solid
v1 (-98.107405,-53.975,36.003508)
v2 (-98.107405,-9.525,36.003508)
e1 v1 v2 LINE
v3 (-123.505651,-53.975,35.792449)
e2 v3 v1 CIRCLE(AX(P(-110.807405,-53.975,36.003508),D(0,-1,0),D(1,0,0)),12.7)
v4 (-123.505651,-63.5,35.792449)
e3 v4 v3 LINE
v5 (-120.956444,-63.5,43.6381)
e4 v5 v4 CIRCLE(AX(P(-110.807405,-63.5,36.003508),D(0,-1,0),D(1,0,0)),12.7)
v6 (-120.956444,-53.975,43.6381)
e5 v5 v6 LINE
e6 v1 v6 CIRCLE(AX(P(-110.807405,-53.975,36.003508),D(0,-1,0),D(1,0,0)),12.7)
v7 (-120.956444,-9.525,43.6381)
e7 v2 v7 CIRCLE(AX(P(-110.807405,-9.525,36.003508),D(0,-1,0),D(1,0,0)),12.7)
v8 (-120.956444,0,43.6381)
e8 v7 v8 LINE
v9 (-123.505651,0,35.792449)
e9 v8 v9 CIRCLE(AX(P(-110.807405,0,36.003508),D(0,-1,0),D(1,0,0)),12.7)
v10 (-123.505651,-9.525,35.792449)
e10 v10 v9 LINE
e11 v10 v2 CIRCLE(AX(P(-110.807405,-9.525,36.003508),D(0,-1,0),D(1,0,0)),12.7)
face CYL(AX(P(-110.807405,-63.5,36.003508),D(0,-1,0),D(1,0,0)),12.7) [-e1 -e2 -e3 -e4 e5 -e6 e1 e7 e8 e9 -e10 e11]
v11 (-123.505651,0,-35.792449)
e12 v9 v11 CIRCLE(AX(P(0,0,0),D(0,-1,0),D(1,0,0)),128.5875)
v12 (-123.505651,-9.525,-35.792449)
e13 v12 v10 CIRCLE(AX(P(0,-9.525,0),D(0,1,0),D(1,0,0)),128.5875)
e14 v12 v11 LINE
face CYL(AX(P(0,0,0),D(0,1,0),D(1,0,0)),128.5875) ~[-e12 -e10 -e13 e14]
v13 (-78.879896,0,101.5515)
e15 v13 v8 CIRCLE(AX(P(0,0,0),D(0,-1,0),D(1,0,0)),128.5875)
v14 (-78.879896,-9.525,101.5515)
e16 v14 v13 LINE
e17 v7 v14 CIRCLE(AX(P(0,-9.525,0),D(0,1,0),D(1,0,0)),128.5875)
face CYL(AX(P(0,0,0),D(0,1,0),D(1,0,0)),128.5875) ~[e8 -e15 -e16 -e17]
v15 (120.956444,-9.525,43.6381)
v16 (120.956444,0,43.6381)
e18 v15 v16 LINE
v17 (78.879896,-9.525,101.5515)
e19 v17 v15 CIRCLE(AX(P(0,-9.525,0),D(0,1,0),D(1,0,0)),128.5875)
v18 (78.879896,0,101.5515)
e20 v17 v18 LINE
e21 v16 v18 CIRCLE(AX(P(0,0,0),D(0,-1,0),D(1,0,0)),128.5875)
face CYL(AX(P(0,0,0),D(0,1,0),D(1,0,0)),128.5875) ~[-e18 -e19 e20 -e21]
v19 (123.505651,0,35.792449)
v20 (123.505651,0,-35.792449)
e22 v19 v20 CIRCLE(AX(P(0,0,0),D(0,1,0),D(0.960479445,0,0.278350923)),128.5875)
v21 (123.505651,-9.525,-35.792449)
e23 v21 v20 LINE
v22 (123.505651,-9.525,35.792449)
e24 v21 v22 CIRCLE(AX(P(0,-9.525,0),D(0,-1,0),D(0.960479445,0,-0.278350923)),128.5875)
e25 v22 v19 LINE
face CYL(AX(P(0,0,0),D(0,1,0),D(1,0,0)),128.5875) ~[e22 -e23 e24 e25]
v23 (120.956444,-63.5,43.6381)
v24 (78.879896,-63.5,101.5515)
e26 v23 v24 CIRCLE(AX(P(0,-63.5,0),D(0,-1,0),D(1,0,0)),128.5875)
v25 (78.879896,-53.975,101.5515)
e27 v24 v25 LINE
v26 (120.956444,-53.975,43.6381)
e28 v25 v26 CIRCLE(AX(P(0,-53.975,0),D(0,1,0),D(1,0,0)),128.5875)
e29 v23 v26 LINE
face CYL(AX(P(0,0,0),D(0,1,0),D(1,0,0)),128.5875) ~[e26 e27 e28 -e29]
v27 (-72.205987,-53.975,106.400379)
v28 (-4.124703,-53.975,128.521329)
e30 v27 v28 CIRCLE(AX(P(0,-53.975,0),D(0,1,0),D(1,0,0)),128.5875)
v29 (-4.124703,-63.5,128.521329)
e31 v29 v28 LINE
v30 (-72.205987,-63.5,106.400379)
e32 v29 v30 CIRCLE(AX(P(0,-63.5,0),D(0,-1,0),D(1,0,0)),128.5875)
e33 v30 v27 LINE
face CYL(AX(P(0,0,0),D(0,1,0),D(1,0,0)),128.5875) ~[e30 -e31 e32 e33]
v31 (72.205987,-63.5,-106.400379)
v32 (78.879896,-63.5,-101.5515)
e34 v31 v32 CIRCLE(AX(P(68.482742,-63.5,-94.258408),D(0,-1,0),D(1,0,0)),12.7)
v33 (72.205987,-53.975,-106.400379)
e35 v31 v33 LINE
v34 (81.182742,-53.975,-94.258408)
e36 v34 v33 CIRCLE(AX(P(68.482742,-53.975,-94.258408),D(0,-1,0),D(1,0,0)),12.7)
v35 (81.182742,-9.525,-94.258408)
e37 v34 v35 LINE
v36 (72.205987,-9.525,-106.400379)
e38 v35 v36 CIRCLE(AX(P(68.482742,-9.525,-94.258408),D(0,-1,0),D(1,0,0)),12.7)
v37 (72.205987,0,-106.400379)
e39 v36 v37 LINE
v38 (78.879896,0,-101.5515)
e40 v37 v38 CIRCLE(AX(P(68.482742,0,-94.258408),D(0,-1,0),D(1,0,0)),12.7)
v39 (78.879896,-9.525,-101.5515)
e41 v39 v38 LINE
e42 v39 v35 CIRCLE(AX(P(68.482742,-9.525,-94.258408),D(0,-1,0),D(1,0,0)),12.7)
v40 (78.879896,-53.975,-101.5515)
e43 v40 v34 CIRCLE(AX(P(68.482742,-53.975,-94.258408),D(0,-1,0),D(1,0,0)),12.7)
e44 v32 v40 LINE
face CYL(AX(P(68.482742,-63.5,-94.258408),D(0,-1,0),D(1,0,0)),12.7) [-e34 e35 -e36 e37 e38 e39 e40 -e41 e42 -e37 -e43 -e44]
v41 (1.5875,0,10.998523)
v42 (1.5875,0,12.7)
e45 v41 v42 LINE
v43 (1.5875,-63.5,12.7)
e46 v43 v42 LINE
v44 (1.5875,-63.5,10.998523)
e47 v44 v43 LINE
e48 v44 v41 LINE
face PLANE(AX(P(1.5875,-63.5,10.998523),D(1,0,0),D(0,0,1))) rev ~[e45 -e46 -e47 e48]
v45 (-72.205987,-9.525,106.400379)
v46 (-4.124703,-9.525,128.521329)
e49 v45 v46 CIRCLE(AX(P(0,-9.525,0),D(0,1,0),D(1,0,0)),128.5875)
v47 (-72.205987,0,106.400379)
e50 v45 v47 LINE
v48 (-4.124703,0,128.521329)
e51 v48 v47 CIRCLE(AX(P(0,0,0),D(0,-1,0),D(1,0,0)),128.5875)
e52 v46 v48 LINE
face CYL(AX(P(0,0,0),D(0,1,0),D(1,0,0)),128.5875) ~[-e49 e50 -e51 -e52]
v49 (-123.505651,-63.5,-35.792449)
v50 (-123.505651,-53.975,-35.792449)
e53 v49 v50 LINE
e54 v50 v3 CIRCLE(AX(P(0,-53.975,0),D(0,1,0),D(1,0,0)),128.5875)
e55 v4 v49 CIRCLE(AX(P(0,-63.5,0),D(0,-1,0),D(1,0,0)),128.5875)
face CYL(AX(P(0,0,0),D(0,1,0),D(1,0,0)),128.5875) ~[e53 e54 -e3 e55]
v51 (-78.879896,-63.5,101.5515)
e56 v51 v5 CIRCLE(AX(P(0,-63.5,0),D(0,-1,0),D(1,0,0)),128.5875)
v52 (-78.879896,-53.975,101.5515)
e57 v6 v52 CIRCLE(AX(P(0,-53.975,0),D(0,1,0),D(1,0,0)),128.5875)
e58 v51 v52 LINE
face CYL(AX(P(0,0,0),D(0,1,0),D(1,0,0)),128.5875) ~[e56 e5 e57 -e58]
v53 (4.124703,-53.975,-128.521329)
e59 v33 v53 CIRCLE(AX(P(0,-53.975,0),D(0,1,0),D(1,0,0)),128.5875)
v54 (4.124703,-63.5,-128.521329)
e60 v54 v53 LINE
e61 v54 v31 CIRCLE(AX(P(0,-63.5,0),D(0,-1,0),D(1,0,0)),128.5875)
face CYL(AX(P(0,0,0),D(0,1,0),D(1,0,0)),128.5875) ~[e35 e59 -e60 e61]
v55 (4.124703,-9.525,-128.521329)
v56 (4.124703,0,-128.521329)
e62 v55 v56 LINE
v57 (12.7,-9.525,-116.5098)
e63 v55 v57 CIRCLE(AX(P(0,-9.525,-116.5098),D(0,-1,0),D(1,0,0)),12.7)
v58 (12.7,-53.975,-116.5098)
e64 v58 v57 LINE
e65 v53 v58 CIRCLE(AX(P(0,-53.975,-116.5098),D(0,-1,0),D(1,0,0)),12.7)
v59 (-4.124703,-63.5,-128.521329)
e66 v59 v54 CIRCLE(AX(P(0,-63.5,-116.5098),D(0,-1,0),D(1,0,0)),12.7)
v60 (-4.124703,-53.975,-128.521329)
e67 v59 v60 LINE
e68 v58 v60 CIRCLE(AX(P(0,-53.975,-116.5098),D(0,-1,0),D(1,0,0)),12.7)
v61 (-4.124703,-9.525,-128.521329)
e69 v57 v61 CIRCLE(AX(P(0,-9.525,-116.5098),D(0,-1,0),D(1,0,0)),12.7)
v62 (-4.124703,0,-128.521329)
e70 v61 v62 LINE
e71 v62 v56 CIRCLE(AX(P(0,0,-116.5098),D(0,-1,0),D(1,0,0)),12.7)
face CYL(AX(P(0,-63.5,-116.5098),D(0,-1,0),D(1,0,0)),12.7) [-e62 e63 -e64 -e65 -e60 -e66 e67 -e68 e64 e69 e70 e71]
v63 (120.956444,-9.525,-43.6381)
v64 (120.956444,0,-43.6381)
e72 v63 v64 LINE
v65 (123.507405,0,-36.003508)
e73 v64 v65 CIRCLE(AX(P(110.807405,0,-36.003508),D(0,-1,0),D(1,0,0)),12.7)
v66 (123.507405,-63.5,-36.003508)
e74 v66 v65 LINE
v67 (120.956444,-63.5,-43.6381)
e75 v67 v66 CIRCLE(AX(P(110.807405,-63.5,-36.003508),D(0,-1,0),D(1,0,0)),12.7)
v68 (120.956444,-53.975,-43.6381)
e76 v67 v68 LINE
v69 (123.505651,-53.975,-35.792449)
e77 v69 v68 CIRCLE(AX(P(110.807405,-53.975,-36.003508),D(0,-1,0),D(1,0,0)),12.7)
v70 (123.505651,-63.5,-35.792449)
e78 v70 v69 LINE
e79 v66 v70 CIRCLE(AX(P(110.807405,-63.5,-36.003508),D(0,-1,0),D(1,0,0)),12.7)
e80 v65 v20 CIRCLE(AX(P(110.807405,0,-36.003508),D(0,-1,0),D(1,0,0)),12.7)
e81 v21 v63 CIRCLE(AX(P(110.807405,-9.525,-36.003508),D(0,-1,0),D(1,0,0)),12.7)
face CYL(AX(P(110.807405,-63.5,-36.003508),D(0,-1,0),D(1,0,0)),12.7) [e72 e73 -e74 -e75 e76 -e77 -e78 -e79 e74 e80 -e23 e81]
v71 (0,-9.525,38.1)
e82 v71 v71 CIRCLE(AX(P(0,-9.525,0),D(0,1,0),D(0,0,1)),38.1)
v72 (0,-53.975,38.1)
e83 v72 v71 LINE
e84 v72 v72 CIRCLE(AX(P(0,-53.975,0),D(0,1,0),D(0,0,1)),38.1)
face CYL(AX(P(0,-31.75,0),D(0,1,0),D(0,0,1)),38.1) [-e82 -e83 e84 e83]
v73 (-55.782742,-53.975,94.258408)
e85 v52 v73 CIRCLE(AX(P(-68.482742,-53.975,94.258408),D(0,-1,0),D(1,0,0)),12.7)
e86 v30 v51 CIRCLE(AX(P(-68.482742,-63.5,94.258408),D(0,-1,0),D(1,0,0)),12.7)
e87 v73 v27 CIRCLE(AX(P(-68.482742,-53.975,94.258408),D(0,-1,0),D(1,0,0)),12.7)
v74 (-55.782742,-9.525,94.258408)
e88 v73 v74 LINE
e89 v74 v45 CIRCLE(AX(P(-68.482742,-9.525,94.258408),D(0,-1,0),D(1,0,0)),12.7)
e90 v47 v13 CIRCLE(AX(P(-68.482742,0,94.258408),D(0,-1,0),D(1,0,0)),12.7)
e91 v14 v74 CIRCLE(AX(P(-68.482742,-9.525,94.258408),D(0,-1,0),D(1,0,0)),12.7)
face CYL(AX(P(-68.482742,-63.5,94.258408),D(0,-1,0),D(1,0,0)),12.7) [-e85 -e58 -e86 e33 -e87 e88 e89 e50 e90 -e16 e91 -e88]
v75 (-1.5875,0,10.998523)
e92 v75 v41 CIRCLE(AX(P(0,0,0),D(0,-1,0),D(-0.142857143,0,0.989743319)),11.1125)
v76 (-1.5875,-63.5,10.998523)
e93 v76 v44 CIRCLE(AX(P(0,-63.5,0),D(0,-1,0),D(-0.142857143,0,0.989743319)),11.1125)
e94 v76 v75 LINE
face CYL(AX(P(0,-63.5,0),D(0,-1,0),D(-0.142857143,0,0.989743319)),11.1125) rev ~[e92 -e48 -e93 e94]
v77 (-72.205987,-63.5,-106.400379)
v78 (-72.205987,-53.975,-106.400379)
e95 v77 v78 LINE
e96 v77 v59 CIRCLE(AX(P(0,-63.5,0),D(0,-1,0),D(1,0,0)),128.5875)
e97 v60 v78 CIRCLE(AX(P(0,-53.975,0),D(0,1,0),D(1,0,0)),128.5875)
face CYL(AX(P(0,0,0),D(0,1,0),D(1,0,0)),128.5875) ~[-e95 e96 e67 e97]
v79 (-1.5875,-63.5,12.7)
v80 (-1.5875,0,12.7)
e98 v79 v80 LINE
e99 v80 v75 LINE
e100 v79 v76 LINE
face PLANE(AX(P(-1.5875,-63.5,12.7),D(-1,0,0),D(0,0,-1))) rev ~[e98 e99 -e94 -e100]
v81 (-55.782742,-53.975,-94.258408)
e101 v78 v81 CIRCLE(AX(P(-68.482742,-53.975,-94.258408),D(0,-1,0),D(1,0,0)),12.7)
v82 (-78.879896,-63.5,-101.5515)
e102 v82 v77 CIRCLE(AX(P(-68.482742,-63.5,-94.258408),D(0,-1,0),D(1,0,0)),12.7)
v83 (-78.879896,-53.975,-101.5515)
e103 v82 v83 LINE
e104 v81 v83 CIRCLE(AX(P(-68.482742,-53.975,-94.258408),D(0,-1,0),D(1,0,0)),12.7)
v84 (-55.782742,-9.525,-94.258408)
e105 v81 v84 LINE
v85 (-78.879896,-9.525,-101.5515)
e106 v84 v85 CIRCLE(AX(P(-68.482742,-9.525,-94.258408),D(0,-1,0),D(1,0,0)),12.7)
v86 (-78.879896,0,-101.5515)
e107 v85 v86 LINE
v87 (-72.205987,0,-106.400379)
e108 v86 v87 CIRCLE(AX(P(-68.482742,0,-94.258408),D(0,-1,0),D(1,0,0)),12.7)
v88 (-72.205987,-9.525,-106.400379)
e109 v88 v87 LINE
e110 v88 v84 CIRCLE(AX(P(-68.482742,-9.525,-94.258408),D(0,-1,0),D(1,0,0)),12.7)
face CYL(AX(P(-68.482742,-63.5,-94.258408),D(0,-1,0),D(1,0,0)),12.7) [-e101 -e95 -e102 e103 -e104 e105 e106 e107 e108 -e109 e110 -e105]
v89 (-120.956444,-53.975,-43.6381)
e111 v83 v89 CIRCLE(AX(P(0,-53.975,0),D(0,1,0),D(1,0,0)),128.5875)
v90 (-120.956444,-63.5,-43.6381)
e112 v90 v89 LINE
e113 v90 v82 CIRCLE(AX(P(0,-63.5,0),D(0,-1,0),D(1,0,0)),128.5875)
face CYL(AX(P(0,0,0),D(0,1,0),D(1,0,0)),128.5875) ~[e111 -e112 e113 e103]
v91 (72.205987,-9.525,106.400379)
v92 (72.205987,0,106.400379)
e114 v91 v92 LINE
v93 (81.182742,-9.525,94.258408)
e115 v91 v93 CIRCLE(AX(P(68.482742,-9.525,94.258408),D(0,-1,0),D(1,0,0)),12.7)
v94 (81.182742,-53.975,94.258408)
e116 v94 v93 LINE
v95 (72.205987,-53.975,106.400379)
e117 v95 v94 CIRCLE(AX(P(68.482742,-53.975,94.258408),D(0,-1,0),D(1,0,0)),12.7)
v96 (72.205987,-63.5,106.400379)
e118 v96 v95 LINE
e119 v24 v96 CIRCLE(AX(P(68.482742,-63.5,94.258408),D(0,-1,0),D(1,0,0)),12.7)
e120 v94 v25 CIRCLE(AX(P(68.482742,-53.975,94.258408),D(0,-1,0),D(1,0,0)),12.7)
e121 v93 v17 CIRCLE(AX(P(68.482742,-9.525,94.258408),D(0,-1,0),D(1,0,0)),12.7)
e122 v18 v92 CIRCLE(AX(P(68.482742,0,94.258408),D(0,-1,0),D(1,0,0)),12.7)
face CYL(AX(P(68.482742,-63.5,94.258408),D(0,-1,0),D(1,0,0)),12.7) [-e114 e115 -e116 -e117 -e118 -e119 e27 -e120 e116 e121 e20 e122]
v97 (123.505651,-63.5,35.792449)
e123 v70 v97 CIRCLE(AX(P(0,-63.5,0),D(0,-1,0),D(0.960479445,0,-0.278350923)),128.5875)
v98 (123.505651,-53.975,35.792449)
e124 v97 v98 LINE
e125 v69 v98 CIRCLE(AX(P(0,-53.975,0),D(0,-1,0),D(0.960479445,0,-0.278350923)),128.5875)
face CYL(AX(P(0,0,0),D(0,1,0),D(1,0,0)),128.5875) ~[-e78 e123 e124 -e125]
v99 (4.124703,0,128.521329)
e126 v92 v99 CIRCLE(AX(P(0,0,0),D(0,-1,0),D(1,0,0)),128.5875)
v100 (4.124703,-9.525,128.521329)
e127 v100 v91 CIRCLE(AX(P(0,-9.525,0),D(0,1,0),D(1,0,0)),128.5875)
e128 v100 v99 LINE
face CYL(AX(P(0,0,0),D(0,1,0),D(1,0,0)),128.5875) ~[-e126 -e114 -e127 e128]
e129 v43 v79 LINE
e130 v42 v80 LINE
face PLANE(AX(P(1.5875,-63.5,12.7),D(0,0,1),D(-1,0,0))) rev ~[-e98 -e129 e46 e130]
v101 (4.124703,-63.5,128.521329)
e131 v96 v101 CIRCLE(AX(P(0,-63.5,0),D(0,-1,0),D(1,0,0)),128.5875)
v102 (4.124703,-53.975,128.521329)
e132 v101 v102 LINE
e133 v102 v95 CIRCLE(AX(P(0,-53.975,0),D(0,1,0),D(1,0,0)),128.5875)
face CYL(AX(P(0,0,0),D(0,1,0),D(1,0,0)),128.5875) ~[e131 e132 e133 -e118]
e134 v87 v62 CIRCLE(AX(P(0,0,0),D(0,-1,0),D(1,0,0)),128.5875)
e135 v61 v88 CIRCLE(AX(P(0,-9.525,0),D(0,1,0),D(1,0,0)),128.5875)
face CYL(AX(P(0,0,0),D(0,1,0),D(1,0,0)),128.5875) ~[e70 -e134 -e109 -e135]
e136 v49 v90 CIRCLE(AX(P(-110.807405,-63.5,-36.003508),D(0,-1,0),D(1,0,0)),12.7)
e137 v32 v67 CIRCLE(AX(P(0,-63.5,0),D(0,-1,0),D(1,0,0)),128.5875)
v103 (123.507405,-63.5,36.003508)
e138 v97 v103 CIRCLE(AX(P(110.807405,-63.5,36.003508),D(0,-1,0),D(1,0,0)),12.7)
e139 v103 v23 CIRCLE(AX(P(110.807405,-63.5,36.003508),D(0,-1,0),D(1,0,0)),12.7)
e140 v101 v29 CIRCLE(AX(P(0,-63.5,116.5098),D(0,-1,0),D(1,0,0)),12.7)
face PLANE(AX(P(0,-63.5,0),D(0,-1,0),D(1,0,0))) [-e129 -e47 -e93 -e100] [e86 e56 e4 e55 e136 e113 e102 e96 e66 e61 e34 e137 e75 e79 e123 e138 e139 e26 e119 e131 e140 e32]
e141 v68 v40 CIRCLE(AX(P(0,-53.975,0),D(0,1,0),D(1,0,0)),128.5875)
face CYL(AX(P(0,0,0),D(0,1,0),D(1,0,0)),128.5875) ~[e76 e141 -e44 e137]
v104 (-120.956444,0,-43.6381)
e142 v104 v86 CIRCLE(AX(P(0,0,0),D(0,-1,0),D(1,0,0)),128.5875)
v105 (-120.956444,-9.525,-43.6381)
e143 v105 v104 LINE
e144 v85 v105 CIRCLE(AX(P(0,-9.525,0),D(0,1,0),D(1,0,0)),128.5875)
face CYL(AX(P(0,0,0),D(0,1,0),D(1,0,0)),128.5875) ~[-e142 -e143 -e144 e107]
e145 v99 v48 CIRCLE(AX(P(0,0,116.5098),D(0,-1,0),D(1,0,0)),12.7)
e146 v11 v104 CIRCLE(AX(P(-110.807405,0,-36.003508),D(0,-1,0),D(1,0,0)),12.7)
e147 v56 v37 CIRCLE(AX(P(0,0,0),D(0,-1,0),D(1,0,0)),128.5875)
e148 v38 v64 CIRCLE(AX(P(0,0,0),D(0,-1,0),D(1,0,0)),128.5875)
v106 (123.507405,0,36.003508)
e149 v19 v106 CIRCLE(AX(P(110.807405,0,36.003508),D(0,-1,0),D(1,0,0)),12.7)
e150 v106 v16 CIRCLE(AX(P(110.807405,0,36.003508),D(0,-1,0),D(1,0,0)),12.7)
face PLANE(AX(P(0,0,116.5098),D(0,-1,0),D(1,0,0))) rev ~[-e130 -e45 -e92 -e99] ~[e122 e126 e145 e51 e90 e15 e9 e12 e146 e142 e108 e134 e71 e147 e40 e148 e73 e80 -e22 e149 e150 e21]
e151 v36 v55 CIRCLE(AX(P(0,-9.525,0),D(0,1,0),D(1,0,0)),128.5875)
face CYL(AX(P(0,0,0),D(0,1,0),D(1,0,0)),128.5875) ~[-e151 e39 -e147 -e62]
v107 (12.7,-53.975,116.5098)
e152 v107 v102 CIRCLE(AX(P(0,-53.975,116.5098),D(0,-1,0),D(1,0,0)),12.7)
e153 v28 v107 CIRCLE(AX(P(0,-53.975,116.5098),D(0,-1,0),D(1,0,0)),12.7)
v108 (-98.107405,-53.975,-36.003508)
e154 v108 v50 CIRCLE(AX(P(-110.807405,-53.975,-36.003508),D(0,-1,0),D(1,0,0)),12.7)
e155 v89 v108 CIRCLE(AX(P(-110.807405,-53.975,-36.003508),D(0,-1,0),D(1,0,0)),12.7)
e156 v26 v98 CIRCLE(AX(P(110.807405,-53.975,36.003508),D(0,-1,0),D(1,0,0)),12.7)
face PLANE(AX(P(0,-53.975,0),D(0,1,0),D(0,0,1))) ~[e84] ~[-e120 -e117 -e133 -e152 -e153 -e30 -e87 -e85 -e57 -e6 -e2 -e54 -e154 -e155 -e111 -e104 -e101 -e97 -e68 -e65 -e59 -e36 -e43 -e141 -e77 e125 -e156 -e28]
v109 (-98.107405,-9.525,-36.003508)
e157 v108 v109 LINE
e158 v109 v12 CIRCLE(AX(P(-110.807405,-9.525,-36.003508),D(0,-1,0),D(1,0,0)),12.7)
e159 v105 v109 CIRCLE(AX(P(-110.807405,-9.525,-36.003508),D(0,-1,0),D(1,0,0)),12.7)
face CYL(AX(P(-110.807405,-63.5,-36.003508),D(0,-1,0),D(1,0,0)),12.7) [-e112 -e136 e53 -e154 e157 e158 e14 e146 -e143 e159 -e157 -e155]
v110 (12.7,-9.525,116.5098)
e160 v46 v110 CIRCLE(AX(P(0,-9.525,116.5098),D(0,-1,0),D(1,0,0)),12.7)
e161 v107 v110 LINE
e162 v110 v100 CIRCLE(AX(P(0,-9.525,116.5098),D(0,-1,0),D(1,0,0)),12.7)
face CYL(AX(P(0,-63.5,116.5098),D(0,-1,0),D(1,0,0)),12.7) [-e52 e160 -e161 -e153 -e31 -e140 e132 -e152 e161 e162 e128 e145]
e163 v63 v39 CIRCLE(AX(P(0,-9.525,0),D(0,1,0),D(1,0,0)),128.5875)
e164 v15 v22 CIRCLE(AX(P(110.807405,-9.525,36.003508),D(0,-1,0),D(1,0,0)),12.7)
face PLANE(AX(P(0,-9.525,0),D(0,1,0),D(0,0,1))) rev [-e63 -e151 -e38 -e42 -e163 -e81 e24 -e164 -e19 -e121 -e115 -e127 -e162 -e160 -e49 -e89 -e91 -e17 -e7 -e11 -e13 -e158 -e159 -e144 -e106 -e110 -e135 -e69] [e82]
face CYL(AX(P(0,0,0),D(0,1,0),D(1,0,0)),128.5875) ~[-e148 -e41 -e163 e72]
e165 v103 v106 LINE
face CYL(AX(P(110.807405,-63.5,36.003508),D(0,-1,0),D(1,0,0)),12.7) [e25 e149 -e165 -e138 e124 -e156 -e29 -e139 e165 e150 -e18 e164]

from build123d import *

# Parameters (mm, degrees)
F0_R     = 128.5875
F1_DEPTH = 63.5
F2_W     = 44.45
F2_H     = 101.6
F4_R     = 12.7
F5_DEPTH = 63.5
F7_DEPTH = 63.501


with BuildPart() as f1:
    # F0 (on Front) → F1 (new body)
    with BuildSketch(Plane.XZ):
        Circle(F0_R)
    extrude(amount=F1_DEPTH)

    # F2 (on Right) → F3 (revolve, cut)
    with BuildSketch(Plane.YZ):
        with Locations((-31.75, 88.9)):
            Rectangle(F2_W, F2_H)
    revolve(axis=Axis((0, -121.1639214932, 0), (0, 1, 0)), mode=Mode.SUBTRACT)

    # F4 (on face) → F5 (join, through all)
    with BuildSketch(Plane.XZ.offset(63.5)):
        with Locations((0, 116.5098)):
            Circle(F4_R)
        with Locations((-68.4827421875, 94.2584082112)):
            Circle(F4_R)
        with Locations((-110.8074045022, 36.0035082112)):
            Circle(F4_R)
        with Locations((-110.8074045022, -36.0035082112)):
            Circle(F4_R)
        with Locations((-68.4827421875, -94.2584082112)):
            Circle(F4_R)
        with Locations((0, -116.5098)):
            Circle(F4_R)
        with Locations((68.4827421875, -94.2584082112)):
            Circle(F4_R)
        with Locations((110.8074045022, -36.0035082112)):
            Circle(F4_R)
        with Locations((110.8074045022, 36.0035082112)):
            Circle(F4_R)
        with Locations((68.4827421875, 94.2584082112)):
            Circle(F4_R)
    extrude(amount=-F5_DEPTH)

    # F6 (on face) → F7 (cut, through all)
    with BuildSketch(Plane.XZ.offset(63.5)):
        with BuildLine():
            Line((-1.5875, 12.7), (-1.5875, 10.9985226281))
            ThreePointArc((-1.5875, 10.9985226281), (0, -11.1125), (1.5875, 10.9985226281))
            Line((1.5875, 10.9985226281), (1.5875, 12.7))
            Line((1.5875, 12.7), (-1.5875, 12.7))
        make_face()
    extrude(amount=-F7_DEPTH, mode=Mode.SUBTRACT)


solid = f1.part
